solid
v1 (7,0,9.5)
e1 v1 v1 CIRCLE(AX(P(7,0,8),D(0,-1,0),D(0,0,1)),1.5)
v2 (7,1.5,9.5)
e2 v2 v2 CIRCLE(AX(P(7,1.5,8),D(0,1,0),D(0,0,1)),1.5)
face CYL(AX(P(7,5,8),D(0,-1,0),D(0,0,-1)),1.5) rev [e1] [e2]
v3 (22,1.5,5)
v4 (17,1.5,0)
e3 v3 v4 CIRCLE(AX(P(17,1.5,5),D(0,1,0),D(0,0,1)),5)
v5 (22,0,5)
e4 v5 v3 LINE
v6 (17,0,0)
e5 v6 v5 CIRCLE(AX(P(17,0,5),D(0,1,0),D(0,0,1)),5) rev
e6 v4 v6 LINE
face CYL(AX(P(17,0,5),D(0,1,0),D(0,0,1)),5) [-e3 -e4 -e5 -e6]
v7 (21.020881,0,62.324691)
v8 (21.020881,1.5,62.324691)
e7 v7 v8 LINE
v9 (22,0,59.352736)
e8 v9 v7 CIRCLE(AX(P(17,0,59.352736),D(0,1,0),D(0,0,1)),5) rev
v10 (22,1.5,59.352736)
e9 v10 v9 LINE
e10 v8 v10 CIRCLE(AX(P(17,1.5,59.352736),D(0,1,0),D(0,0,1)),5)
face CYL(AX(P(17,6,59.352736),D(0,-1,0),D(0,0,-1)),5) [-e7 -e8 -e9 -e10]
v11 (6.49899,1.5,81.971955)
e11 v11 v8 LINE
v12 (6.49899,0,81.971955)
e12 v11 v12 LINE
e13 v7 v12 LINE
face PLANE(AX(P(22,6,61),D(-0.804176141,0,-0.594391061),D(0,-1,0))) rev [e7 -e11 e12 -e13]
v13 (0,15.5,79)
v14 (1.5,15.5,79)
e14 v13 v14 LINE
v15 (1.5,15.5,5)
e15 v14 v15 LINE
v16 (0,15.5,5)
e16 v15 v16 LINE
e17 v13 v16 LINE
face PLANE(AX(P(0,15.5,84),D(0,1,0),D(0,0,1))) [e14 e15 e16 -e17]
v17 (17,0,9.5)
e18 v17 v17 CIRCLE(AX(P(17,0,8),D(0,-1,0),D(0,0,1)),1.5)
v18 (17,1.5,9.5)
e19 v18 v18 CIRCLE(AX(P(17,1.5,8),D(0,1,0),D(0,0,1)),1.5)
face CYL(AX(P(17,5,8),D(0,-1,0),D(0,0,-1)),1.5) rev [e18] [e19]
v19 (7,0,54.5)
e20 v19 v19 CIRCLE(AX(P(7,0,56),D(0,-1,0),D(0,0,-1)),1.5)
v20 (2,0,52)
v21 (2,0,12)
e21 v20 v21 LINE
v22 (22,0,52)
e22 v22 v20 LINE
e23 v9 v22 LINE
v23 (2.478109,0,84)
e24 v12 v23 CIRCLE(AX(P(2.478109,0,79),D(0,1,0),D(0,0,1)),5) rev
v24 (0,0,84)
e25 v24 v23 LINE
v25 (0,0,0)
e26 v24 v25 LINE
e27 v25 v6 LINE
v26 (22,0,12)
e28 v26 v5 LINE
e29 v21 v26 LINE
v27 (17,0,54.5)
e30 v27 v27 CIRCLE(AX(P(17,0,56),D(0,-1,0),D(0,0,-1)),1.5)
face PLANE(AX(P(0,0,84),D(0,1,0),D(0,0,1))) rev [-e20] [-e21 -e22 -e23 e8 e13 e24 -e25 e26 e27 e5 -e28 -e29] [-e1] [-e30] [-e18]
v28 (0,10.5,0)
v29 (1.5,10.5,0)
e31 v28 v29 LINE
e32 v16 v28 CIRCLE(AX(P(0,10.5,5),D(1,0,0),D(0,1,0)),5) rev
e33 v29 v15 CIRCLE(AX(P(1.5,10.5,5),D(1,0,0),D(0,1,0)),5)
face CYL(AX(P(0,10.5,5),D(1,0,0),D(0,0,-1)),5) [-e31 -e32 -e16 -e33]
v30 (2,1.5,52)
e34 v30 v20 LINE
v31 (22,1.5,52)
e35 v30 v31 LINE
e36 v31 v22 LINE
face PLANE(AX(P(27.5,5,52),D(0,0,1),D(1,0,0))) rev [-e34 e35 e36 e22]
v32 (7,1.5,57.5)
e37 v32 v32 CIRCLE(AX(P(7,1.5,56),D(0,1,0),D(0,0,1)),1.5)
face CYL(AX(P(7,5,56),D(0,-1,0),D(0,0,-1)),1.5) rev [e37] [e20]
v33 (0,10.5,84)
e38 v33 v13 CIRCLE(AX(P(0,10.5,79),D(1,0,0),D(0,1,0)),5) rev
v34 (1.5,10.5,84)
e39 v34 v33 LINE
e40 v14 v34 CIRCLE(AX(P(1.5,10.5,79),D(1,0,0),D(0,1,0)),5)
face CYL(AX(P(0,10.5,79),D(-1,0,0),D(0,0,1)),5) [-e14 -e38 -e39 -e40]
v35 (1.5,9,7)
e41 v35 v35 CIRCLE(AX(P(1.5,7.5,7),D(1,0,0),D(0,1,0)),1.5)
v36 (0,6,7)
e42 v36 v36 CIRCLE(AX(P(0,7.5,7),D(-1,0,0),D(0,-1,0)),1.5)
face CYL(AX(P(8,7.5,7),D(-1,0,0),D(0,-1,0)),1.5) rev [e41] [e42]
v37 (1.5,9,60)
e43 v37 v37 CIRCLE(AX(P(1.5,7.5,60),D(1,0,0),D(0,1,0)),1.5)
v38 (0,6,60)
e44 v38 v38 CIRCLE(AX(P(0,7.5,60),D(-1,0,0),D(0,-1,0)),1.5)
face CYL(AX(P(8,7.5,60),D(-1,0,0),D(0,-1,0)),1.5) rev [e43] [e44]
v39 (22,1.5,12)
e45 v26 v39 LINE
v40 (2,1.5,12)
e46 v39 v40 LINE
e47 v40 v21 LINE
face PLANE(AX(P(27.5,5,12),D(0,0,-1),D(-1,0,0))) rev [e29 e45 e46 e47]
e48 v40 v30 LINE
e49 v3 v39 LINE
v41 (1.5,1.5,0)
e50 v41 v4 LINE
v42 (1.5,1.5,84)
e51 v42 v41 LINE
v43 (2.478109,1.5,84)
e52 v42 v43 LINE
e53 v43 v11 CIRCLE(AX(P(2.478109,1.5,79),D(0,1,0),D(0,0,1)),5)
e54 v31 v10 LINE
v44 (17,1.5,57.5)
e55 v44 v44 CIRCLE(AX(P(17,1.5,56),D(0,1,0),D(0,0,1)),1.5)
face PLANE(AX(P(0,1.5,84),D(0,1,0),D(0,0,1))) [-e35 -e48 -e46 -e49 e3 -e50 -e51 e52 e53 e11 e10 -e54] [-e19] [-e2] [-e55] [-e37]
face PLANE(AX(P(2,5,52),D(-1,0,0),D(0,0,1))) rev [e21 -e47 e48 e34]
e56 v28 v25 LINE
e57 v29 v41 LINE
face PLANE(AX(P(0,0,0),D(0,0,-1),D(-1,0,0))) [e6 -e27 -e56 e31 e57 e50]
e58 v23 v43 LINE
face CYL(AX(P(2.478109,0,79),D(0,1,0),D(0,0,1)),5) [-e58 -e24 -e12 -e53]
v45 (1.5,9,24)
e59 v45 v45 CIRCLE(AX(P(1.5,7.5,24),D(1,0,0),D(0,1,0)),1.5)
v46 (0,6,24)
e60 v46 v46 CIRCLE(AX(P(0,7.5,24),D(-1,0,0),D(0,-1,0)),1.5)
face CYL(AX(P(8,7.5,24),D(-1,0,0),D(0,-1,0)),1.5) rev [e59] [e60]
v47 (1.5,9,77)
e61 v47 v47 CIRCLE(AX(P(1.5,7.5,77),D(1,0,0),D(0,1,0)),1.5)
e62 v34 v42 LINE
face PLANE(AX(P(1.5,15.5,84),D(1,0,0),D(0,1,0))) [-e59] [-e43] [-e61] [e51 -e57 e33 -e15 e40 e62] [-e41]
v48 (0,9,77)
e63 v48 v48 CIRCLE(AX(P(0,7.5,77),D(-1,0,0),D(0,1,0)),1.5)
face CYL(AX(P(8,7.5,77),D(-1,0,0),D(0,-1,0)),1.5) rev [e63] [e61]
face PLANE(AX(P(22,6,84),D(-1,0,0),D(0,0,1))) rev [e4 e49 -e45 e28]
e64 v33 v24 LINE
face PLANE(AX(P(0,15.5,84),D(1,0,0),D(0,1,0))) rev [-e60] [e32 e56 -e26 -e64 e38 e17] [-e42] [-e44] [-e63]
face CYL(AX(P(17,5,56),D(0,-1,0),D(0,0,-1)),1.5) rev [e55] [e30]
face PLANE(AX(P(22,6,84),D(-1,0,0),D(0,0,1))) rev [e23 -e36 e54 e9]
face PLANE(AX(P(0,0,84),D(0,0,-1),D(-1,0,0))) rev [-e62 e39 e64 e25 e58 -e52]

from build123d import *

# Parameters (mm, degrees)
EXTRU_MINCE1_DEPTH      = 84
ESQUISSE2_R             = 1.5
ENL_V_MAT_EXTRU_1_DEPTH = 8
ESQUISSE3_R             = 1.5
ESQUISSE3_W             = 25.5
ESQUISSE3_H             = 40
ENL_V_MAT_EXTRU_2_DEPTH = 5
ESQUISSE4_W             = 5.5
ESQUISSE4_H             = 84
ENL_V_MAT_EXTRU_3_DEPTH = 6
CHANFREIN1_SIZE         = 17
CHANFREIN1_SIZE2        = 23
CONG_1_R                = 5


with BuildPart() as part:
    # Esquisse1 → Extru.-Mince1 (new body)
    with BuildSketch(Plane.XY):
        Polygon((0, 15.5), (0, 0), (27.5, 0), (27.5, 1.5), (1.5, 1.5), (1.5, 15.5), align=None)
    extrude(amount=EXTRU_MINCE1_DEPTH)

    # Esquisse2 → Enlèv. mat.-Extru.1 (cut)
    with BuildSketch(Plane.ZY):
        with Locations(Location((7, 7.5, 0), (0, 0, 270))):
            Circle(ESQUISSE2_R)
        with Locations(Location((24, 7.5, 0), (0, 0, 270))):
            Circle(ESQUISSE2_R)
        with Locations(Location((60, 7.5, 0), (0, 0, 270))):
            Circle(ESQUISSE2_R)
        with Locations(Location((77, 7.5, 0), (0, 0, 90))):
            Circle(ESQUISSE2_R)
    extrude(amount=-ENL_V_MAT_EXTRU_1_DEPTH, mode=Mode.SUBTRACT)

    # Esquisse3 → Enlèv. mat.-Extru.2 (cut)
    with BuildSketch(Plane.XZ):
        with Locations(Location((7, 56, 0), (0, 0, 270))):
            Circle(ESQUISSE3_R)
        with Locations(Location((17, 56, 0), (0, 0, 270))):
            Circle(ESQUISSE3_R)
        with Locations(Location((17, 8, 0), (0, 0, 90))):
            Circle(ESQUISSE3_R)
        with Locations(Location((7, 8, 0), (0, 0, 90))):
            Circle(ESQUISSE3_R)
        with Locations((14.75, 32)):
            Rectangle(ESQUISSE3_W, ESQUISSE3_H)
    extrude(amount=-ENL_V_MAT_EXTRU_2_DEPTH, mode=Mode.SUBTRACT)

    # Esquisse4 → Enlèv. mat.-Extru.3 (cut)
    with BuildSketch(Plane.XZ):
        with Locations((24.75, 42)):
            Rectangle(ESQUISSE4_W, ESQUISSE4_H)
    extrude(amount=-ENL_V_MAT_EXTRU_3_DEPTH, mode=Mode.SUBTRACT)

    # Chanfrein1
    chanfrein1_edges = [part.edges().sort_by_distance(p)[0] for p in [
        (22, 0.75, 84),
    ]]
    chanfrein1_side = [part.faces().sort_by_distance(p)[0] for p in [
        (0.75, 15.230881067, 84),
    ]]
    chamfer(chanfrein1_edges, length=CHANFREIN1_SIZE, length2=CHANFREIN1_SIZE2, reference=chanfrein1_side[0])

    # Congé1
    cong_1_edges = [part.edges().sort_by_distance(p)[0] for p in [
        (22, 0.75, 61),
        (5, 0.75, 84),
        (0.75, 15.5, 84),
        (0.75, 15.5, 0),
        (22, 0.75, 0),
    ]]
    fillet(cong_1_edges, radius=CONG_1_R)


solid = part.part
